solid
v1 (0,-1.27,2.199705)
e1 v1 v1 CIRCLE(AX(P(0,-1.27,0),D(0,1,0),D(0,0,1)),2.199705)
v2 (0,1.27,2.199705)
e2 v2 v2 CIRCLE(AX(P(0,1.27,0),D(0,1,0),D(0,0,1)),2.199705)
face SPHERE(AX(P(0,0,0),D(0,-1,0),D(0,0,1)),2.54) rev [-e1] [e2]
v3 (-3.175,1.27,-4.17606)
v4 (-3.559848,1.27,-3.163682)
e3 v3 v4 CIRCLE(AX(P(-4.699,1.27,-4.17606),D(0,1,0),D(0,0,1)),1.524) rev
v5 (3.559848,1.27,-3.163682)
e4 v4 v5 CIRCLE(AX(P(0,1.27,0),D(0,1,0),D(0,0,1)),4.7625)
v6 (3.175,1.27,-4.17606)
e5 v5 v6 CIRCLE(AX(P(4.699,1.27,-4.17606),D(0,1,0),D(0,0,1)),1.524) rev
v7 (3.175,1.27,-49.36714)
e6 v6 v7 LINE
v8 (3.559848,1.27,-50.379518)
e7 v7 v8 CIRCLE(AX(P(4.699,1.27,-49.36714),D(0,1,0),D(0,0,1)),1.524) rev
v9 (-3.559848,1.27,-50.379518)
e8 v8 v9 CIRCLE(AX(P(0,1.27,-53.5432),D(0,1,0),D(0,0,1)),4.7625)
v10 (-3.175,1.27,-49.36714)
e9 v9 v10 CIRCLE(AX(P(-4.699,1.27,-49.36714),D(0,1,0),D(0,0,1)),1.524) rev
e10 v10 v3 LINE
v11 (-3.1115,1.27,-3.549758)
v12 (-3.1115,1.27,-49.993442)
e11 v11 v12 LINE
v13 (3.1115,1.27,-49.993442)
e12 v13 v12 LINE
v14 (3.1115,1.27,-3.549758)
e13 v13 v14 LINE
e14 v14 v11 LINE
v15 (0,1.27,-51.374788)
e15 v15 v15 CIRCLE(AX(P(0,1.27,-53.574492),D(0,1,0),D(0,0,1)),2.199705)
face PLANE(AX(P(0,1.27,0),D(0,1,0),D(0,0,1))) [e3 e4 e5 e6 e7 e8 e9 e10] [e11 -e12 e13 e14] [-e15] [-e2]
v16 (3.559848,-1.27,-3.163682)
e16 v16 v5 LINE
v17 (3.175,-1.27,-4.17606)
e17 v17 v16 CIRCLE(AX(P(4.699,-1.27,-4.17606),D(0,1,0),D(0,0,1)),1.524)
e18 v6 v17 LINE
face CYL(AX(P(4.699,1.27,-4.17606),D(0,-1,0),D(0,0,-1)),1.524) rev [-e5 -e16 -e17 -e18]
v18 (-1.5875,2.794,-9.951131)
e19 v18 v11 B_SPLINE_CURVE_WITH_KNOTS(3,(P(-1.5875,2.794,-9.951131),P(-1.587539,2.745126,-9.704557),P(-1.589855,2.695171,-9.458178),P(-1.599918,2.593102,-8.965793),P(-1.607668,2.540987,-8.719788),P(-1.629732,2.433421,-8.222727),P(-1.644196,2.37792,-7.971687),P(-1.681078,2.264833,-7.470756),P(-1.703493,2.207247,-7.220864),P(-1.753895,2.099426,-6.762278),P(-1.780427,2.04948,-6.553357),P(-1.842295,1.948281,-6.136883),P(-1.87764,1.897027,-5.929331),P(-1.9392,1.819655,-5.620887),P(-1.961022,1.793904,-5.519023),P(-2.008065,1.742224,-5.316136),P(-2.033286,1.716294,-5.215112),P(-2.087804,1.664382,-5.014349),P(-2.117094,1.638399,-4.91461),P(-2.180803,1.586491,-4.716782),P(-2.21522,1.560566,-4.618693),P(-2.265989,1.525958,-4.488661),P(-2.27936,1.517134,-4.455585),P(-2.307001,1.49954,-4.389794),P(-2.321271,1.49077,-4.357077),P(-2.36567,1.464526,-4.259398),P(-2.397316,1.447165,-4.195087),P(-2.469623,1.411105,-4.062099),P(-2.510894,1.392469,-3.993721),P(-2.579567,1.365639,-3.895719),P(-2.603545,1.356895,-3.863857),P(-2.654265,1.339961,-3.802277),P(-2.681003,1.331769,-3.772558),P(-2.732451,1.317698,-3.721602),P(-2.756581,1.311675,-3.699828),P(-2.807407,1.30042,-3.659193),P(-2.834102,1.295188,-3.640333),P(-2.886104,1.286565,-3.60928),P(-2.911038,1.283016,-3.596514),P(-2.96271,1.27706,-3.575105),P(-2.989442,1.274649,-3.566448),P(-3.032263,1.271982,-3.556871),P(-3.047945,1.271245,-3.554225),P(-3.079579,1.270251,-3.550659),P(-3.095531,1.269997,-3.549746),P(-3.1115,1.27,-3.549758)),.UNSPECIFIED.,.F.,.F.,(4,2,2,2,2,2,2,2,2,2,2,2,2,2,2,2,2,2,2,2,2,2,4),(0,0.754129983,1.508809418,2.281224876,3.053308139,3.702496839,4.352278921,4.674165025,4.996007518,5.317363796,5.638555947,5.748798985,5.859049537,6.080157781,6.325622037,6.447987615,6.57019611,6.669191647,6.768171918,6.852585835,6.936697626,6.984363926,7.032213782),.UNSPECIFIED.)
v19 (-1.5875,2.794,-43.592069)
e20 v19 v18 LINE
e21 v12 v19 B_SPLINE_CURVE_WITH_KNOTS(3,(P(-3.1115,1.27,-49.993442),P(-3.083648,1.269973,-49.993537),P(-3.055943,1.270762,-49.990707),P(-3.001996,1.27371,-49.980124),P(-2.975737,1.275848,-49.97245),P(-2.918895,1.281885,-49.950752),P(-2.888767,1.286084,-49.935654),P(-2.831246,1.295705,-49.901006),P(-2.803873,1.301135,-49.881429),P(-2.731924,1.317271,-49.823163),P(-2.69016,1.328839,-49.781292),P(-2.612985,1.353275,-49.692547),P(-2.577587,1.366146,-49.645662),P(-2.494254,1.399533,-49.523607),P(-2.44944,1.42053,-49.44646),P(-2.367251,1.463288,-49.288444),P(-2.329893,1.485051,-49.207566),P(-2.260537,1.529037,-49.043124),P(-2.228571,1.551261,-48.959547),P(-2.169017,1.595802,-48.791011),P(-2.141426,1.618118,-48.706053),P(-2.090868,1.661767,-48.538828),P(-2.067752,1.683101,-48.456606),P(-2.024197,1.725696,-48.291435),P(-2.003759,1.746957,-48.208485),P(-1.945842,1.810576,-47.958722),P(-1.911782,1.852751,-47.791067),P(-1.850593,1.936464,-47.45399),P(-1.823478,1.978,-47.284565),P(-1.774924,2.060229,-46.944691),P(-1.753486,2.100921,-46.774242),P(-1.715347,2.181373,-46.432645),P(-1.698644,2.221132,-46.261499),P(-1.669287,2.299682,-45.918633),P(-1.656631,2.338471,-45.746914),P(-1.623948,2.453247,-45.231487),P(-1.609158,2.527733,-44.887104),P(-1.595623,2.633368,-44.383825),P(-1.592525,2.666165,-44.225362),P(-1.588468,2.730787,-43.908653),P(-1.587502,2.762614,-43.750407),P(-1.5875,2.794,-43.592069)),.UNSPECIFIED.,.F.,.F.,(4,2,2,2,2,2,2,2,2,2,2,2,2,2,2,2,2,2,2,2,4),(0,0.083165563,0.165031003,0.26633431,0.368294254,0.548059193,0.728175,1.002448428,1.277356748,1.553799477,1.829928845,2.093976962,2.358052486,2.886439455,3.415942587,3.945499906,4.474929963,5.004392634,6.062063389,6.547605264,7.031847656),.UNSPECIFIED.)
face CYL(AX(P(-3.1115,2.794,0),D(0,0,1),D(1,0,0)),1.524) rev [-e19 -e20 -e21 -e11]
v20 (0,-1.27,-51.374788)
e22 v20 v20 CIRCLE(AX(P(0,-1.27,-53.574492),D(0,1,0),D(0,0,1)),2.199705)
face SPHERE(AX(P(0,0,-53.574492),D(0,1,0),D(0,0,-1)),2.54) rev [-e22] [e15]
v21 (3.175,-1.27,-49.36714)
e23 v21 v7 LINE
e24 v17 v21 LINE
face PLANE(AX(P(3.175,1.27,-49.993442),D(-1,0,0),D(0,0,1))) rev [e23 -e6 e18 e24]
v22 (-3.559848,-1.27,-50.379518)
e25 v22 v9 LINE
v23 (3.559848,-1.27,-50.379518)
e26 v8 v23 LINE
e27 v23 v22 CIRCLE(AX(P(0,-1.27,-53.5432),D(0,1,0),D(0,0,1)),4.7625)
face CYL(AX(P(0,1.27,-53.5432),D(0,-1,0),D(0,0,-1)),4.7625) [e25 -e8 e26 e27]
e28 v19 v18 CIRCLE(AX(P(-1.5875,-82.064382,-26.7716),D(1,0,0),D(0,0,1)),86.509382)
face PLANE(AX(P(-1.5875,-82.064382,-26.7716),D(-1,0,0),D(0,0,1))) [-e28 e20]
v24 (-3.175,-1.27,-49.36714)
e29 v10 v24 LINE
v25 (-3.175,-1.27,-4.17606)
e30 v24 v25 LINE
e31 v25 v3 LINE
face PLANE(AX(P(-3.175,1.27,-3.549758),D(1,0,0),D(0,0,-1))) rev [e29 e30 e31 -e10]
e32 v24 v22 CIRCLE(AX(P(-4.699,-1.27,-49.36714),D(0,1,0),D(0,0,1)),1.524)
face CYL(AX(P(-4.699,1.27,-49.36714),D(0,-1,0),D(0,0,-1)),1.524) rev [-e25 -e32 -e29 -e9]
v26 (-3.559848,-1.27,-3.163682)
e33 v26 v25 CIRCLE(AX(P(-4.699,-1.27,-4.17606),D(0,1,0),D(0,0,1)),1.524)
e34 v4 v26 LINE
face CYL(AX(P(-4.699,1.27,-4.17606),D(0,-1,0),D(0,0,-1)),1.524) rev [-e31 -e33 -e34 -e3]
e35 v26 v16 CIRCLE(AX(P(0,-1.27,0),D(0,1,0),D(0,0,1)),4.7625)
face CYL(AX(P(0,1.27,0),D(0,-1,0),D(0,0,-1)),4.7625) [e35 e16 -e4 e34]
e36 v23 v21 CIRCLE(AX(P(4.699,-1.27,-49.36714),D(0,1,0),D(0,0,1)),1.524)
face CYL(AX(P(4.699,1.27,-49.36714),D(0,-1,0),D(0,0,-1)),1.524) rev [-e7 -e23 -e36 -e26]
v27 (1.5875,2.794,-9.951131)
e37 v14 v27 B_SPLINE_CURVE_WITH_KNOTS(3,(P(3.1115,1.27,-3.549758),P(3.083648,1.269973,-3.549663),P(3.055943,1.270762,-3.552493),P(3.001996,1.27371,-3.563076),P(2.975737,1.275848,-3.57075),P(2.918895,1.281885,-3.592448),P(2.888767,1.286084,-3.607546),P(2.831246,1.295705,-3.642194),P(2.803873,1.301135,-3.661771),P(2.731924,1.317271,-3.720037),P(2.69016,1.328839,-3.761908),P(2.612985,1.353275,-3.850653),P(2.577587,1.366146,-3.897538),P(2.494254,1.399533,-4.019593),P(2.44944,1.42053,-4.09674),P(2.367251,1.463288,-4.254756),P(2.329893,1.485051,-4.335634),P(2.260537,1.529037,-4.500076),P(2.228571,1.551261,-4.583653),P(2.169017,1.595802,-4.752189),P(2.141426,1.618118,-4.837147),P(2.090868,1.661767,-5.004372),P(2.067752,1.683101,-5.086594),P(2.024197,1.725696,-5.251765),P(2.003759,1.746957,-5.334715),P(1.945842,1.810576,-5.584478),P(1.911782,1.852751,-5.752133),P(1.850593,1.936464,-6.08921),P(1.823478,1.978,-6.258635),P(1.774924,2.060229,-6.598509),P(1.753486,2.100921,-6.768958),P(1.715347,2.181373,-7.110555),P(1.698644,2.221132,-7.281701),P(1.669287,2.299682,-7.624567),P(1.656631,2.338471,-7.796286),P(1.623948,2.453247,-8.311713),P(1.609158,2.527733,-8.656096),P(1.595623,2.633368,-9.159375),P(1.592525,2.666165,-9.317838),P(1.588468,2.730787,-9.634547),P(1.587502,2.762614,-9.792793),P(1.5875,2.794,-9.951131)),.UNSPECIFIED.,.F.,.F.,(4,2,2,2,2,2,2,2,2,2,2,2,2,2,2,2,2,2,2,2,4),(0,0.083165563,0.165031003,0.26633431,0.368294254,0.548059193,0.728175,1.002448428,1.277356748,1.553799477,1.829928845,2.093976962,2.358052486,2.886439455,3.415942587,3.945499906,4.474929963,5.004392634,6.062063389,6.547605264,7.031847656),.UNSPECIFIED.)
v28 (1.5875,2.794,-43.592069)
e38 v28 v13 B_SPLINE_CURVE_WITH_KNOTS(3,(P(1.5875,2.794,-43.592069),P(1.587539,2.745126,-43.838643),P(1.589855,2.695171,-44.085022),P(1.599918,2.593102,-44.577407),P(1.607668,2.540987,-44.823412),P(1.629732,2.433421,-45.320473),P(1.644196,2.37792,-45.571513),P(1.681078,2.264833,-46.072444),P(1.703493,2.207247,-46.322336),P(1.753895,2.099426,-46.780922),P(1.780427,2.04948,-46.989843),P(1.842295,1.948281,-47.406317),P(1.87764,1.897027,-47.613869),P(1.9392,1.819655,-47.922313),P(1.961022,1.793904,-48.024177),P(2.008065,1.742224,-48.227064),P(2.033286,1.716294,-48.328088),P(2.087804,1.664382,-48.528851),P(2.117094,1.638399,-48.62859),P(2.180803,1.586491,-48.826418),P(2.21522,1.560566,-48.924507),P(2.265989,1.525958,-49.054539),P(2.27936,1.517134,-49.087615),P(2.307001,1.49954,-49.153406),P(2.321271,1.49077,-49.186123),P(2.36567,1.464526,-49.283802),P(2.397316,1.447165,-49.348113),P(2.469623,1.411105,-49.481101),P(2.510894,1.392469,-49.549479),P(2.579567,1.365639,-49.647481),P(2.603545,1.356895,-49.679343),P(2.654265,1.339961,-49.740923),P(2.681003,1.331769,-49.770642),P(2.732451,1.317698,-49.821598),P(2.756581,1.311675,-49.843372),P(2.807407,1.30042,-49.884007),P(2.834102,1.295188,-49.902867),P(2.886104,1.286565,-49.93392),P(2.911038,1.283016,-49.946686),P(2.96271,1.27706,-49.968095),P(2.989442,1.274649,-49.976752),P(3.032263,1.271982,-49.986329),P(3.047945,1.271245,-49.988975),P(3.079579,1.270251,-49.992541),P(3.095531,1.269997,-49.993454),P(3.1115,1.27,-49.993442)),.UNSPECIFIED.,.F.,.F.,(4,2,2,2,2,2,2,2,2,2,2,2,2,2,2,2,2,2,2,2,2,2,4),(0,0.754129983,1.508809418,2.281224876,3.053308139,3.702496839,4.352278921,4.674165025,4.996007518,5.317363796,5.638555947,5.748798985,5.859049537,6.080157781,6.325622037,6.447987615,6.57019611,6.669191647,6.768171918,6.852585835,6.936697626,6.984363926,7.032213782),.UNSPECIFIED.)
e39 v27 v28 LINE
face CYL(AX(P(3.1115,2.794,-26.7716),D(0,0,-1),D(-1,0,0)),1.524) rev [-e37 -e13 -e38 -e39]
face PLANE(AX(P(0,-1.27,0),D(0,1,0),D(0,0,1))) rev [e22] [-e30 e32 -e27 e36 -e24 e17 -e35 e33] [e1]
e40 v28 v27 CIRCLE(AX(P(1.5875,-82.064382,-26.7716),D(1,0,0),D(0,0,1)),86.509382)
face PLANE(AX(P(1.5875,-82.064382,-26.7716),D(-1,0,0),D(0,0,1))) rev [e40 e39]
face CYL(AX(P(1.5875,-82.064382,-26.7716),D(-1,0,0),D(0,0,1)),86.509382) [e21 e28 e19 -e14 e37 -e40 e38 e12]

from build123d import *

# Parameters (mm, degrees)
SKETCH1_R           = 1.5875
BOSS_EXTRUDE1_DEPTH = 1.27
BOSS_EXTRUDE2_DEPTH = 1.5875
FILLET1_R           = 1.524


with BuildPart() as part:
    # Sketch1 → Boss-Extrude1 (new body, symmetric)
    with BuildSketch(Plane(origin=(0, 0, 0), x_dir=(1, 0, 0), z_dir=(0, 1, 0))):
        with BuildLine():
            Line((-3.175, 3.549757914), (-3.175, 49.993442086))
            ThreePointArc((-3.175, 49.993442086), (0, 58.3057), (3.175, 49.993442086))
            Line((3.175, 49.993442086), (3.175, 3.549757914))
            ThreePointArc((3.175, 3.549757914), (0, -4.7625), (-3.175, 3.549757914))
        make_face()
        Circle(SKETCH1_R, mode=Mode.SUBTRACT)
        with Locations((0, 53.5432)):
            Circle(SKETCH1_R, mode=Mode.SUBTRACT)
    extrude(amount=BOSS_EXTRUDE1_DEPTH, both=True)

    # Sketch2 → Cut-Revolve1 (revolve, cut)
    with BuildSketch(Plane(origin=(0, 0, 0), x_dir=(0, 0, -1), z_dir=(1, 0, 0))):
        with BuildLine():
            Line((0, -2.54), (0, 2.54))
            ThreePointArc((0, 2.54), (2.54, 0), (0, -2.54))
        make_face()
    revolve(axis=Axis((0, -2.54, 0), (0, 1, 0)), mode=Mode.SUBTRACT)

    # Sketch3 → Cut-Revolve2 (revolve, cut)
    with BuildSketch(Plane(origin=(0, 0, 0), x_dir=(0, 0, -1), z_dir=(1, 0, 0))):
        with BuildLine():
            Line((53.574492193, -2.54), (53.574492193, 2.54))
            ThreePointArc((53.574492193, 2.54), (51.034492193, 0), (53.574492193, -2.54))
        make_face()
    revolve(axis=Axis((0, 8.508702539, -53.574492193), (0, -1, 0)), mode=Mode.SUBTRACT)

    # Sketch5 → Boss-Extrude2 (add, symmetric)
    with BuildSketch(Plane(origin=(0, 0, 0), x_dir=(0, 0, -1), z_dir=(1, 0, 0))):
        with BuildLine():
            Line((3.549757914, 1.27), (49.993442086, 1.27))
            ThreePointArc((49.993442086, 1.27), (26.7716, 4.445), (3.549757914, 1.27))
        make_face()
    extrude(amount=BOSS_EXTRUDE2_DEPTH, both=True)

    # Fillet1
    fillet1_edges = [part.edges().sort_by_distance(p)[0] for p in [
        (-1.5875, 1.27, -26.7716),
        (1.5875, 1.27, -26.7716),
        (-3.175, 0, -3.549757914),
        (-3.175, 0, -49.993442086),
        (3.175, 0, -49.993442086),
        (3.175, 0, -3.549757914),
    ]]
    fillet(fillet1_edges, radius=FILLET1_R)


solid = part.part
